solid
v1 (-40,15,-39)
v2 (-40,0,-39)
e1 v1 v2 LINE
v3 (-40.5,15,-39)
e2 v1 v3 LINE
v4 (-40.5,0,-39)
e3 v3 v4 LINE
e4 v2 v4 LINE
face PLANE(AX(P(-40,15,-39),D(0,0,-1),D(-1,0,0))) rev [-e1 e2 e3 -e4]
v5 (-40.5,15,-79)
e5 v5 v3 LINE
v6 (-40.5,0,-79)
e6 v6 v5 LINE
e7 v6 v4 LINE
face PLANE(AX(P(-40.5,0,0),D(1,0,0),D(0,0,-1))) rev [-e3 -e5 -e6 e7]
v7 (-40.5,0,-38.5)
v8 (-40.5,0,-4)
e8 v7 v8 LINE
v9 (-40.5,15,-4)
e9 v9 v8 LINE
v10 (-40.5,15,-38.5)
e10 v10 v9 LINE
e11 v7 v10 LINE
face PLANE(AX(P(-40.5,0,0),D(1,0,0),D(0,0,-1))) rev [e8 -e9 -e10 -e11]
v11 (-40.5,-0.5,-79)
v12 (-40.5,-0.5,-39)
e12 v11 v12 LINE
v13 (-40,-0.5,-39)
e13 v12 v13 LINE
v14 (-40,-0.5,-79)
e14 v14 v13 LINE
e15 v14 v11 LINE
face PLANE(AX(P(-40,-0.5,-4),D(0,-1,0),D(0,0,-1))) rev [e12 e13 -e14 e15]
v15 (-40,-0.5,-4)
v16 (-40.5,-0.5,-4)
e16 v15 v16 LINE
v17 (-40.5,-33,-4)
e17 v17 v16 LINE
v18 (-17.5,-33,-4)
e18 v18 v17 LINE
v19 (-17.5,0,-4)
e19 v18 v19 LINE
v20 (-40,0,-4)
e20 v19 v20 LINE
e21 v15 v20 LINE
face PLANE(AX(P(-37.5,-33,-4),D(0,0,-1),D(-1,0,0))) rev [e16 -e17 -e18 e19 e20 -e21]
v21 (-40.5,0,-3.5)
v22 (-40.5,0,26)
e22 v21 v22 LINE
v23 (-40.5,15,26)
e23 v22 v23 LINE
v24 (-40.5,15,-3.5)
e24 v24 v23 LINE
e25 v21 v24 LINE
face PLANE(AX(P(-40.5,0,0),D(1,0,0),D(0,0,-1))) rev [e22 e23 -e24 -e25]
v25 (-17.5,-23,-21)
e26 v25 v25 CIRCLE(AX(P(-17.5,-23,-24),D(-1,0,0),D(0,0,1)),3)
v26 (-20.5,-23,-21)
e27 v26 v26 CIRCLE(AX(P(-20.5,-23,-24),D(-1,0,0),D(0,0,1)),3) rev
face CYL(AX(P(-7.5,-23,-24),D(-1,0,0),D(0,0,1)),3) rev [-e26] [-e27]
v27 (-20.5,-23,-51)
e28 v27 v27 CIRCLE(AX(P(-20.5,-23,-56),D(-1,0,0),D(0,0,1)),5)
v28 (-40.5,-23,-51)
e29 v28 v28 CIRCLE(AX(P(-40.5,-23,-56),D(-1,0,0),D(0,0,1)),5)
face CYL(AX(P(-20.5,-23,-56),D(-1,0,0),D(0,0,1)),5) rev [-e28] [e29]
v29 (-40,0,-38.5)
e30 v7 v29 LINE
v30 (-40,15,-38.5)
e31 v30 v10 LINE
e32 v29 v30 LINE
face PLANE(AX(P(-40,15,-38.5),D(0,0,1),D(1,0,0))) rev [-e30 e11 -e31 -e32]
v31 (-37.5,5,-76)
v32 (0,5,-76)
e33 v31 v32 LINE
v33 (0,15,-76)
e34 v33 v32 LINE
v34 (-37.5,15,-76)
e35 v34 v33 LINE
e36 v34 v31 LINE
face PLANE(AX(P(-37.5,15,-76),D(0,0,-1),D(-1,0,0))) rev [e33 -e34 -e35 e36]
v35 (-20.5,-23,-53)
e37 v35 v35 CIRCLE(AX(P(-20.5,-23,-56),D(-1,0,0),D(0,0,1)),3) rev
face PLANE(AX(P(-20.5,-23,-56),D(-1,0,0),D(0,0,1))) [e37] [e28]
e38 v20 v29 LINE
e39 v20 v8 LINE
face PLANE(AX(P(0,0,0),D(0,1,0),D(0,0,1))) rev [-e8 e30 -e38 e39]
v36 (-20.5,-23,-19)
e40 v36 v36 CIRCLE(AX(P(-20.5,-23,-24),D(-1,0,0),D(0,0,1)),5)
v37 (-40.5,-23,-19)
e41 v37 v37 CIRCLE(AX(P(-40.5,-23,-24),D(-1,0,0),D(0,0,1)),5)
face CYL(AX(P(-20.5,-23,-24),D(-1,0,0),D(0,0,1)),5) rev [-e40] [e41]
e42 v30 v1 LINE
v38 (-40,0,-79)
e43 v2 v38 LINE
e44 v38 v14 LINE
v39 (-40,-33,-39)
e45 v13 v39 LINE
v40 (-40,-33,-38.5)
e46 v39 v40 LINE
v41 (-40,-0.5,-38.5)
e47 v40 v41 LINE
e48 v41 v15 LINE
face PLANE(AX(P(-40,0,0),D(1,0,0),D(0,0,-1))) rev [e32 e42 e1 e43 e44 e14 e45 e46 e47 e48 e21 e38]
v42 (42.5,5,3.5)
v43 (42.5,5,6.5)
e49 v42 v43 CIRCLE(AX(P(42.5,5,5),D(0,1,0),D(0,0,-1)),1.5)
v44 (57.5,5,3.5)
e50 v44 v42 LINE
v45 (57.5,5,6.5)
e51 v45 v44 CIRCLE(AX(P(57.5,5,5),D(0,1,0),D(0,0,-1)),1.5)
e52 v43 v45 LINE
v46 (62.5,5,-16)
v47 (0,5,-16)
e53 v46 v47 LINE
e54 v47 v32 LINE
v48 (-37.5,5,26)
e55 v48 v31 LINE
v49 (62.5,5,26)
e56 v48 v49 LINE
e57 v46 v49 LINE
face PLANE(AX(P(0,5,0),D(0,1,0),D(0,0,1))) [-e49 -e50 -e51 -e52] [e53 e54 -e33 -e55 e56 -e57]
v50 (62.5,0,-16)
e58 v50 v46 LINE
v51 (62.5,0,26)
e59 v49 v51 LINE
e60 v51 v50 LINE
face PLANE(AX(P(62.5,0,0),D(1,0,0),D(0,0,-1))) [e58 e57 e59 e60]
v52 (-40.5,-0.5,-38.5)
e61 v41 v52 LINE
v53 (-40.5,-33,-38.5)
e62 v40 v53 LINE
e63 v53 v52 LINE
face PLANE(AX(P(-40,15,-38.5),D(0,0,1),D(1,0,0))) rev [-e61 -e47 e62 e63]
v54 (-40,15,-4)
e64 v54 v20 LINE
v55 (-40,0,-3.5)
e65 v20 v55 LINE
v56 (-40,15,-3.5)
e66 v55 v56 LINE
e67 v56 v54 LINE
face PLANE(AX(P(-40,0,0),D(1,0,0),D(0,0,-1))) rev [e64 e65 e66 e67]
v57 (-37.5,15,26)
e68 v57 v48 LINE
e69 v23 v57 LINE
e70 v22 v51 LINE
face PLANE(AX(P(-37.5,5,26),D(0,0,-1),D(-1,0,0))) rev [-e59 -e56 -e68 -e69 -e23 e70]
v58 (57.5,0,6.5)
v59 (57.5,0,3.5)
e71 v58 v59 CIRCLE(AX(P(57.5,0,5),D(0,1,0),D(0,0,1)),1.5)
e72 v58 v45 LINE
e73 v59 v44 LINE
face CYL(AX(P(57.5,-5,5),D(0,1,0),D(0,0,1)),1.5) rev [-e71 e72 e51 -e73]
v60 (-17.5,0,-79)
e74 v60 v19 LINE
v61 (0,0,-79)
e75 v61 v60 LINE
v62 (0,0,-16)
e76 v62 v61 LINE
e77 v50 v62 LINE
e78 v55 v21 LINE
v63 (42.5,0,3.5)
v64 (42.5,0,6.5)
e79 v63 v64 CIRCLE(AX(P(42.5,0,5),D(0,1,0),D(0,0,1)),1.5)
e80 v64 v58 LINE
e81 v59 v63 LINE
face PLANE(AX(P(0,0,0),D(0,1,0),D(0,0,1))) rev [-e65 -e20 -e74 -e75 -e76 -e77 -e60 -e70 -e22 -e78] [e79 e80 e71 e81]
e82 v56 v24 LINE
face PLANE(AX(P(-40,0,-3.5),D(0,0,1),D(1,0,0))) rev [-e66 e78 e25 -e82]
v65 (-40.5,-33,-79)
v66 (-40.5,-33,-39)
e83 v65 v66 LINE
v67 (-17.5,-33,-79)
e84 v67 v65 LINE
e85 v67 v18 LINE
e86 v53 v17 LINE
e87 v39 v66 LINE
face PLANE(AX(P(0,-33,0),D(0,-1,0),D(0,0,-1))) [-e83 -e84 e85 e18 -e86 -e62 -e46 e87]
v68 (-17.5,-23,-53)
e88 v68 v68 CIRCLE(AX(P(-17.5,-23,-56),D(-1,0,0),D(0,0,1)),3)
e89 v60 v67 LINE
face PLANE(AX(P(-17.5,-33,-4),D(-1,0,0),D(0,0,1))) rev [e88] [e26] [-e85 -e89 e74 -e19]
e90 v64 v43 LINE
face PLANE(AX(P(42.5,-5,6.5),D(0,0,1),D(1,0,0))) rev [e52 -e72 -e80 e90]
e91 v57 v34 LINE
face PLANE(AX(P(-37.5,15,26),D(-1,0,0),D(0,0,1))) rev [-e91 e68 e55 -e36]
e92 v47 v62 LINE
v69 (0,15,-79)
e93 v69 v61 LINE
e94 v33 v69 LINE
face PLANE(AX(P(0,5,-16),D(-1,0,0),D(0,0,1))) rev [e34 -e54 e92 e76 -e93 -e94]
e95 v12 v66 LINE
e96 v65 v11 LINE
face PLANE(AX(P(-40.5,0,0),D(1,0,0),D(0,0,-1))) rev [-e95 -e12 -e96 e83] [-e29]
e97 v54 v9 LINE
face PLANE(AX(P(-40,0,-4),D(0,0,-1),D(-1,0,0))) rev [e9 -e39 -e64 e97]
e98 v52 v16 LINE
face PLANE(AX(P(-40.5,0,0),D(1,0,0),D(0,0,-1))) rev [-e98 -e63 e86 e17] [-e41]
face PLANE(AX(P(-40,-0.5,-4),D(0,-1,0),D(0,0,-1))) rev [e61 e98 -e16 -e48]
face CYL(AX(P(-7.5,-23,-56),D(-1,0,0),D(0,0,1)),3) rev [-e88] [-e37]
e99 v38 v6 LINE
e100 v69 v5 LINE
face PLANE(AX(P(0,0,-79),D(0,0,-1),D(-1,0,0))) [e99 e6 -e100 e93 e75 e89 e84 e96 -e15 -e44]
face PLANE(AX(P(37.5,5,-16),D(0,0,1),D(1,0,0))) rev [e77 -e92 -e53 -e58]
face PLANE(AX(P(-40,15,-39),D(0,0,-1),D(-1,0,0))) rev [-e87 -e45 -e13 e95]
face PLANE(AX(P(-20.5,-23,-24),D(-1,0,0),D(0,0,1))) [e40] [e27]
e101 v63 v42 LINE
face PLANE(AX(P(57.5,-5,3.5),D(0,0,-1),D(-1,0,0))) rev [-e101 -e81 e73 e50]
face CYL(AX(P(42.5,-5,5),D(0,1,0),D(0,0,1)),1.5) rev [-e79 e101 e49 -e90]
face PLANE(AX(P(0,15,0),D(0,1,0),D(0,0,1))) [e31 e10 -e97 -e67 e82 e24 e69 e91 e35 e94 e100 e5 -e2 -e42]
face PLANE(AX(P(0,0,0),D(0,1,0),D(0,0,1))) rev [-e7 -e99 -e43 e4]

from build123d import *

# Parameters (mm, degrees)
EXTRUDE_1_DEPTH     = 5
SKETCH_2_W          = 20
SKETCH_2_H          = 72
EXTRUDE_2_DEPTH     = 33
SKETCH_3_R          = 3
CUT_EXTRUDE_1_DEPTH = 30
SKETCH_4_R          = 5
CUT_EXTRUDE_2_DEPTH = 17
EXTRUDE_START       = 3
SKETCH_5_R          = 5
EXTRUDE_3_DEPTH     = 3
EXTRUDE_4_DEPTH     = 3
EXTRUDE_5_DEPTH     = 10
SKETCH_8_W          = 42
SKETCH_8_H          = 5
EXTRUDE_6_DEPTH     = 25
CUT_EXTRUDE_3_DEPTH = 10
SKETCH_10_W         = 75
SKETCH_10_H         = 0.5
CUT_EXTRUDE_4_DEPTH = 0.5
SKETCH_11_W         = 0.5
SKETCH_11_H         = 15
SKETCH_11_H_2       = 48
CUT_EXTRUDE_5_DEPTH = 0.5


with BuildPart() as part:
    # 草图1 → 凸台-拉伸1 (new body)
    with BuildSketch(Plane(origin=(0, 0, 0), x_dir=(1, 0, 0), z_dir=(0, 1, 0))):
        Polygon((-37.5, 76), (-37.5, -26), (37.5, -26), (37.5, 16), (0, 16), (0, 76), align=None)
    extrude(amount=EXTRUDE_1_DEPTH)

    # 草图2 → 凸台-拉伸2 (add)
    with BuildSketch(Plane.XZ):
        with Locations((-27.5, -40)):
            Rectangle(SKETCH_2_W, SKETCH_2_H)
    extrude(amount=EXTRUDE_2_DEPTH)

    # 草图3 → 切除-拉伸1 (cut)
    with BuildSketch(Plane.ZY.offset(37.5)):
        with Locations((-56, -23)):
            Circle(SKETCH_3_R)
        with Locations((-24, -23)):
            Circle(SKETCH_3_R)
    extrude(amount=-CUT_EXTRUDE_1_DEPTH, mode=Mode.SUBTRACT)

    # 草图4 → 切除-拉伸2 (cut)
    with BuildSketch(Plane.ZY.offset(37.5)):
        with Locations((-56, -23)):
            Circle(SKETCH_4_R)
        with Locations((-24, -23)):
            Circle(SKETCH_4_R)
    extrude(amount=-CUT_EXTRUDE_2_DEPTH, mode=Mode.SUBTRACT)

    # 草图5 → 凸台-拉伸3 (add)
    with BuildSketch(Plane.ZY.offset(37.5).offset(EXTRUDE_START)):
        Polygon((-76, 5), (26, 5), (26, 0), (-4, 0), (-4, -33), (-76, -33), align=None)
        with Locations((-56, -23)):
            Circle(SKETCH_5_R, mode=Mode.SUBTRACT)
        with Locations((-24, -23)):
            Circle(SKETCH_5_R, mode=Mode.SUBTRACT)
    extrude(amount=-EXTRUDE_3_DEPTH)

    # 草图6 → 凸台-拉伸4 (add)
    with BuildSketch(Plane(origin=(0, 0, -76), x_dir=(-1, 0, 0), z_dir=(0, 0, -1))):
        Polygon((0, 5), (0, 0), (17.5, 0), (17.5, -33), (40.5, -33), (40.5, 5), align=None)
    extrude(amount=EXTRUDE_4_DEPTH)

    # 草图7 → 凸台-拉伸5 (add)
    with BuildSketch(Plane(origin=(0, 5, 0), x_dir=(1, 0, 0), z_dir=(0, 1, 0))):
        Polygon((0, 76), (0, 79), (-40.5, 79), (-40.5, -26), (-37.5, -26), (-37.5, 76), align=None)
    extrude(amount=EXTRUDE_5_DEPTH)

    # 草图8 → 凸台-拉伸6 (add)
    with BuildSketch(Plane(origin=(37.5, 0, 0), x_dir=(0, 0, -1), z_dir=(1, 0, 0))):
        with Locations((-5, 2.5)):
            Rectangle(SKETCH_8_W, SKETCH_8_H)
    extrude(amount=EXTRUDE_6_DEPTH)

    # 草图9 → 切除-拉伸3 (cut)
    with BuildSketch(Plane(origin=(0, 5, 0), x_dir=(1, 0, 0), z_dir=(0, 1, 0))):
        with BuildLine():
            Line((57.5, -3.5), (42.5, -3.5))
            ThreePointArc((42.5, -3.5), (41, -5), (42.5, -6.5))
            Line((42.5, -6.5), (57.5, -6.5))
            ThreePointArc((57.5, -6.5), (59, -5), (57.5, -3.5))
        make_face()
    extrude(amount=-CUT_EXTRUDE_3_DEPTH, mode=Mode.SUBTRACT)

    # 草图10 → 切除-拉伸4 (cut)
    with BuildSketch(Plane.ZY.offset(40.5)):
        with Locations((-41.5, -0.25)):
            Rectangle(SKETCH_10_W, SKETCH_10_H)
    extrude(amount=-CUT_EXTRUDE_4_DEPTH, mode=Mode.SUBTRACT)

    # 草图11 → 切除-拉伸5 (cut)
    with BuildSketch(Plane.ZY.offset(40.5)):
        with Locations((-3.75, 7.5)):
            Rectangle(SKETCH_11_W, SKETCH_11_H)
        with Locations((-38.75, -9)):
            Rectangle(SKETCH_11_W, SKETCH_11_H_2)
    extrude(amount=-CUT_EXTRUDE_5_DEPTH, mode=Mode.SUBTRACT)


solid = part.part
